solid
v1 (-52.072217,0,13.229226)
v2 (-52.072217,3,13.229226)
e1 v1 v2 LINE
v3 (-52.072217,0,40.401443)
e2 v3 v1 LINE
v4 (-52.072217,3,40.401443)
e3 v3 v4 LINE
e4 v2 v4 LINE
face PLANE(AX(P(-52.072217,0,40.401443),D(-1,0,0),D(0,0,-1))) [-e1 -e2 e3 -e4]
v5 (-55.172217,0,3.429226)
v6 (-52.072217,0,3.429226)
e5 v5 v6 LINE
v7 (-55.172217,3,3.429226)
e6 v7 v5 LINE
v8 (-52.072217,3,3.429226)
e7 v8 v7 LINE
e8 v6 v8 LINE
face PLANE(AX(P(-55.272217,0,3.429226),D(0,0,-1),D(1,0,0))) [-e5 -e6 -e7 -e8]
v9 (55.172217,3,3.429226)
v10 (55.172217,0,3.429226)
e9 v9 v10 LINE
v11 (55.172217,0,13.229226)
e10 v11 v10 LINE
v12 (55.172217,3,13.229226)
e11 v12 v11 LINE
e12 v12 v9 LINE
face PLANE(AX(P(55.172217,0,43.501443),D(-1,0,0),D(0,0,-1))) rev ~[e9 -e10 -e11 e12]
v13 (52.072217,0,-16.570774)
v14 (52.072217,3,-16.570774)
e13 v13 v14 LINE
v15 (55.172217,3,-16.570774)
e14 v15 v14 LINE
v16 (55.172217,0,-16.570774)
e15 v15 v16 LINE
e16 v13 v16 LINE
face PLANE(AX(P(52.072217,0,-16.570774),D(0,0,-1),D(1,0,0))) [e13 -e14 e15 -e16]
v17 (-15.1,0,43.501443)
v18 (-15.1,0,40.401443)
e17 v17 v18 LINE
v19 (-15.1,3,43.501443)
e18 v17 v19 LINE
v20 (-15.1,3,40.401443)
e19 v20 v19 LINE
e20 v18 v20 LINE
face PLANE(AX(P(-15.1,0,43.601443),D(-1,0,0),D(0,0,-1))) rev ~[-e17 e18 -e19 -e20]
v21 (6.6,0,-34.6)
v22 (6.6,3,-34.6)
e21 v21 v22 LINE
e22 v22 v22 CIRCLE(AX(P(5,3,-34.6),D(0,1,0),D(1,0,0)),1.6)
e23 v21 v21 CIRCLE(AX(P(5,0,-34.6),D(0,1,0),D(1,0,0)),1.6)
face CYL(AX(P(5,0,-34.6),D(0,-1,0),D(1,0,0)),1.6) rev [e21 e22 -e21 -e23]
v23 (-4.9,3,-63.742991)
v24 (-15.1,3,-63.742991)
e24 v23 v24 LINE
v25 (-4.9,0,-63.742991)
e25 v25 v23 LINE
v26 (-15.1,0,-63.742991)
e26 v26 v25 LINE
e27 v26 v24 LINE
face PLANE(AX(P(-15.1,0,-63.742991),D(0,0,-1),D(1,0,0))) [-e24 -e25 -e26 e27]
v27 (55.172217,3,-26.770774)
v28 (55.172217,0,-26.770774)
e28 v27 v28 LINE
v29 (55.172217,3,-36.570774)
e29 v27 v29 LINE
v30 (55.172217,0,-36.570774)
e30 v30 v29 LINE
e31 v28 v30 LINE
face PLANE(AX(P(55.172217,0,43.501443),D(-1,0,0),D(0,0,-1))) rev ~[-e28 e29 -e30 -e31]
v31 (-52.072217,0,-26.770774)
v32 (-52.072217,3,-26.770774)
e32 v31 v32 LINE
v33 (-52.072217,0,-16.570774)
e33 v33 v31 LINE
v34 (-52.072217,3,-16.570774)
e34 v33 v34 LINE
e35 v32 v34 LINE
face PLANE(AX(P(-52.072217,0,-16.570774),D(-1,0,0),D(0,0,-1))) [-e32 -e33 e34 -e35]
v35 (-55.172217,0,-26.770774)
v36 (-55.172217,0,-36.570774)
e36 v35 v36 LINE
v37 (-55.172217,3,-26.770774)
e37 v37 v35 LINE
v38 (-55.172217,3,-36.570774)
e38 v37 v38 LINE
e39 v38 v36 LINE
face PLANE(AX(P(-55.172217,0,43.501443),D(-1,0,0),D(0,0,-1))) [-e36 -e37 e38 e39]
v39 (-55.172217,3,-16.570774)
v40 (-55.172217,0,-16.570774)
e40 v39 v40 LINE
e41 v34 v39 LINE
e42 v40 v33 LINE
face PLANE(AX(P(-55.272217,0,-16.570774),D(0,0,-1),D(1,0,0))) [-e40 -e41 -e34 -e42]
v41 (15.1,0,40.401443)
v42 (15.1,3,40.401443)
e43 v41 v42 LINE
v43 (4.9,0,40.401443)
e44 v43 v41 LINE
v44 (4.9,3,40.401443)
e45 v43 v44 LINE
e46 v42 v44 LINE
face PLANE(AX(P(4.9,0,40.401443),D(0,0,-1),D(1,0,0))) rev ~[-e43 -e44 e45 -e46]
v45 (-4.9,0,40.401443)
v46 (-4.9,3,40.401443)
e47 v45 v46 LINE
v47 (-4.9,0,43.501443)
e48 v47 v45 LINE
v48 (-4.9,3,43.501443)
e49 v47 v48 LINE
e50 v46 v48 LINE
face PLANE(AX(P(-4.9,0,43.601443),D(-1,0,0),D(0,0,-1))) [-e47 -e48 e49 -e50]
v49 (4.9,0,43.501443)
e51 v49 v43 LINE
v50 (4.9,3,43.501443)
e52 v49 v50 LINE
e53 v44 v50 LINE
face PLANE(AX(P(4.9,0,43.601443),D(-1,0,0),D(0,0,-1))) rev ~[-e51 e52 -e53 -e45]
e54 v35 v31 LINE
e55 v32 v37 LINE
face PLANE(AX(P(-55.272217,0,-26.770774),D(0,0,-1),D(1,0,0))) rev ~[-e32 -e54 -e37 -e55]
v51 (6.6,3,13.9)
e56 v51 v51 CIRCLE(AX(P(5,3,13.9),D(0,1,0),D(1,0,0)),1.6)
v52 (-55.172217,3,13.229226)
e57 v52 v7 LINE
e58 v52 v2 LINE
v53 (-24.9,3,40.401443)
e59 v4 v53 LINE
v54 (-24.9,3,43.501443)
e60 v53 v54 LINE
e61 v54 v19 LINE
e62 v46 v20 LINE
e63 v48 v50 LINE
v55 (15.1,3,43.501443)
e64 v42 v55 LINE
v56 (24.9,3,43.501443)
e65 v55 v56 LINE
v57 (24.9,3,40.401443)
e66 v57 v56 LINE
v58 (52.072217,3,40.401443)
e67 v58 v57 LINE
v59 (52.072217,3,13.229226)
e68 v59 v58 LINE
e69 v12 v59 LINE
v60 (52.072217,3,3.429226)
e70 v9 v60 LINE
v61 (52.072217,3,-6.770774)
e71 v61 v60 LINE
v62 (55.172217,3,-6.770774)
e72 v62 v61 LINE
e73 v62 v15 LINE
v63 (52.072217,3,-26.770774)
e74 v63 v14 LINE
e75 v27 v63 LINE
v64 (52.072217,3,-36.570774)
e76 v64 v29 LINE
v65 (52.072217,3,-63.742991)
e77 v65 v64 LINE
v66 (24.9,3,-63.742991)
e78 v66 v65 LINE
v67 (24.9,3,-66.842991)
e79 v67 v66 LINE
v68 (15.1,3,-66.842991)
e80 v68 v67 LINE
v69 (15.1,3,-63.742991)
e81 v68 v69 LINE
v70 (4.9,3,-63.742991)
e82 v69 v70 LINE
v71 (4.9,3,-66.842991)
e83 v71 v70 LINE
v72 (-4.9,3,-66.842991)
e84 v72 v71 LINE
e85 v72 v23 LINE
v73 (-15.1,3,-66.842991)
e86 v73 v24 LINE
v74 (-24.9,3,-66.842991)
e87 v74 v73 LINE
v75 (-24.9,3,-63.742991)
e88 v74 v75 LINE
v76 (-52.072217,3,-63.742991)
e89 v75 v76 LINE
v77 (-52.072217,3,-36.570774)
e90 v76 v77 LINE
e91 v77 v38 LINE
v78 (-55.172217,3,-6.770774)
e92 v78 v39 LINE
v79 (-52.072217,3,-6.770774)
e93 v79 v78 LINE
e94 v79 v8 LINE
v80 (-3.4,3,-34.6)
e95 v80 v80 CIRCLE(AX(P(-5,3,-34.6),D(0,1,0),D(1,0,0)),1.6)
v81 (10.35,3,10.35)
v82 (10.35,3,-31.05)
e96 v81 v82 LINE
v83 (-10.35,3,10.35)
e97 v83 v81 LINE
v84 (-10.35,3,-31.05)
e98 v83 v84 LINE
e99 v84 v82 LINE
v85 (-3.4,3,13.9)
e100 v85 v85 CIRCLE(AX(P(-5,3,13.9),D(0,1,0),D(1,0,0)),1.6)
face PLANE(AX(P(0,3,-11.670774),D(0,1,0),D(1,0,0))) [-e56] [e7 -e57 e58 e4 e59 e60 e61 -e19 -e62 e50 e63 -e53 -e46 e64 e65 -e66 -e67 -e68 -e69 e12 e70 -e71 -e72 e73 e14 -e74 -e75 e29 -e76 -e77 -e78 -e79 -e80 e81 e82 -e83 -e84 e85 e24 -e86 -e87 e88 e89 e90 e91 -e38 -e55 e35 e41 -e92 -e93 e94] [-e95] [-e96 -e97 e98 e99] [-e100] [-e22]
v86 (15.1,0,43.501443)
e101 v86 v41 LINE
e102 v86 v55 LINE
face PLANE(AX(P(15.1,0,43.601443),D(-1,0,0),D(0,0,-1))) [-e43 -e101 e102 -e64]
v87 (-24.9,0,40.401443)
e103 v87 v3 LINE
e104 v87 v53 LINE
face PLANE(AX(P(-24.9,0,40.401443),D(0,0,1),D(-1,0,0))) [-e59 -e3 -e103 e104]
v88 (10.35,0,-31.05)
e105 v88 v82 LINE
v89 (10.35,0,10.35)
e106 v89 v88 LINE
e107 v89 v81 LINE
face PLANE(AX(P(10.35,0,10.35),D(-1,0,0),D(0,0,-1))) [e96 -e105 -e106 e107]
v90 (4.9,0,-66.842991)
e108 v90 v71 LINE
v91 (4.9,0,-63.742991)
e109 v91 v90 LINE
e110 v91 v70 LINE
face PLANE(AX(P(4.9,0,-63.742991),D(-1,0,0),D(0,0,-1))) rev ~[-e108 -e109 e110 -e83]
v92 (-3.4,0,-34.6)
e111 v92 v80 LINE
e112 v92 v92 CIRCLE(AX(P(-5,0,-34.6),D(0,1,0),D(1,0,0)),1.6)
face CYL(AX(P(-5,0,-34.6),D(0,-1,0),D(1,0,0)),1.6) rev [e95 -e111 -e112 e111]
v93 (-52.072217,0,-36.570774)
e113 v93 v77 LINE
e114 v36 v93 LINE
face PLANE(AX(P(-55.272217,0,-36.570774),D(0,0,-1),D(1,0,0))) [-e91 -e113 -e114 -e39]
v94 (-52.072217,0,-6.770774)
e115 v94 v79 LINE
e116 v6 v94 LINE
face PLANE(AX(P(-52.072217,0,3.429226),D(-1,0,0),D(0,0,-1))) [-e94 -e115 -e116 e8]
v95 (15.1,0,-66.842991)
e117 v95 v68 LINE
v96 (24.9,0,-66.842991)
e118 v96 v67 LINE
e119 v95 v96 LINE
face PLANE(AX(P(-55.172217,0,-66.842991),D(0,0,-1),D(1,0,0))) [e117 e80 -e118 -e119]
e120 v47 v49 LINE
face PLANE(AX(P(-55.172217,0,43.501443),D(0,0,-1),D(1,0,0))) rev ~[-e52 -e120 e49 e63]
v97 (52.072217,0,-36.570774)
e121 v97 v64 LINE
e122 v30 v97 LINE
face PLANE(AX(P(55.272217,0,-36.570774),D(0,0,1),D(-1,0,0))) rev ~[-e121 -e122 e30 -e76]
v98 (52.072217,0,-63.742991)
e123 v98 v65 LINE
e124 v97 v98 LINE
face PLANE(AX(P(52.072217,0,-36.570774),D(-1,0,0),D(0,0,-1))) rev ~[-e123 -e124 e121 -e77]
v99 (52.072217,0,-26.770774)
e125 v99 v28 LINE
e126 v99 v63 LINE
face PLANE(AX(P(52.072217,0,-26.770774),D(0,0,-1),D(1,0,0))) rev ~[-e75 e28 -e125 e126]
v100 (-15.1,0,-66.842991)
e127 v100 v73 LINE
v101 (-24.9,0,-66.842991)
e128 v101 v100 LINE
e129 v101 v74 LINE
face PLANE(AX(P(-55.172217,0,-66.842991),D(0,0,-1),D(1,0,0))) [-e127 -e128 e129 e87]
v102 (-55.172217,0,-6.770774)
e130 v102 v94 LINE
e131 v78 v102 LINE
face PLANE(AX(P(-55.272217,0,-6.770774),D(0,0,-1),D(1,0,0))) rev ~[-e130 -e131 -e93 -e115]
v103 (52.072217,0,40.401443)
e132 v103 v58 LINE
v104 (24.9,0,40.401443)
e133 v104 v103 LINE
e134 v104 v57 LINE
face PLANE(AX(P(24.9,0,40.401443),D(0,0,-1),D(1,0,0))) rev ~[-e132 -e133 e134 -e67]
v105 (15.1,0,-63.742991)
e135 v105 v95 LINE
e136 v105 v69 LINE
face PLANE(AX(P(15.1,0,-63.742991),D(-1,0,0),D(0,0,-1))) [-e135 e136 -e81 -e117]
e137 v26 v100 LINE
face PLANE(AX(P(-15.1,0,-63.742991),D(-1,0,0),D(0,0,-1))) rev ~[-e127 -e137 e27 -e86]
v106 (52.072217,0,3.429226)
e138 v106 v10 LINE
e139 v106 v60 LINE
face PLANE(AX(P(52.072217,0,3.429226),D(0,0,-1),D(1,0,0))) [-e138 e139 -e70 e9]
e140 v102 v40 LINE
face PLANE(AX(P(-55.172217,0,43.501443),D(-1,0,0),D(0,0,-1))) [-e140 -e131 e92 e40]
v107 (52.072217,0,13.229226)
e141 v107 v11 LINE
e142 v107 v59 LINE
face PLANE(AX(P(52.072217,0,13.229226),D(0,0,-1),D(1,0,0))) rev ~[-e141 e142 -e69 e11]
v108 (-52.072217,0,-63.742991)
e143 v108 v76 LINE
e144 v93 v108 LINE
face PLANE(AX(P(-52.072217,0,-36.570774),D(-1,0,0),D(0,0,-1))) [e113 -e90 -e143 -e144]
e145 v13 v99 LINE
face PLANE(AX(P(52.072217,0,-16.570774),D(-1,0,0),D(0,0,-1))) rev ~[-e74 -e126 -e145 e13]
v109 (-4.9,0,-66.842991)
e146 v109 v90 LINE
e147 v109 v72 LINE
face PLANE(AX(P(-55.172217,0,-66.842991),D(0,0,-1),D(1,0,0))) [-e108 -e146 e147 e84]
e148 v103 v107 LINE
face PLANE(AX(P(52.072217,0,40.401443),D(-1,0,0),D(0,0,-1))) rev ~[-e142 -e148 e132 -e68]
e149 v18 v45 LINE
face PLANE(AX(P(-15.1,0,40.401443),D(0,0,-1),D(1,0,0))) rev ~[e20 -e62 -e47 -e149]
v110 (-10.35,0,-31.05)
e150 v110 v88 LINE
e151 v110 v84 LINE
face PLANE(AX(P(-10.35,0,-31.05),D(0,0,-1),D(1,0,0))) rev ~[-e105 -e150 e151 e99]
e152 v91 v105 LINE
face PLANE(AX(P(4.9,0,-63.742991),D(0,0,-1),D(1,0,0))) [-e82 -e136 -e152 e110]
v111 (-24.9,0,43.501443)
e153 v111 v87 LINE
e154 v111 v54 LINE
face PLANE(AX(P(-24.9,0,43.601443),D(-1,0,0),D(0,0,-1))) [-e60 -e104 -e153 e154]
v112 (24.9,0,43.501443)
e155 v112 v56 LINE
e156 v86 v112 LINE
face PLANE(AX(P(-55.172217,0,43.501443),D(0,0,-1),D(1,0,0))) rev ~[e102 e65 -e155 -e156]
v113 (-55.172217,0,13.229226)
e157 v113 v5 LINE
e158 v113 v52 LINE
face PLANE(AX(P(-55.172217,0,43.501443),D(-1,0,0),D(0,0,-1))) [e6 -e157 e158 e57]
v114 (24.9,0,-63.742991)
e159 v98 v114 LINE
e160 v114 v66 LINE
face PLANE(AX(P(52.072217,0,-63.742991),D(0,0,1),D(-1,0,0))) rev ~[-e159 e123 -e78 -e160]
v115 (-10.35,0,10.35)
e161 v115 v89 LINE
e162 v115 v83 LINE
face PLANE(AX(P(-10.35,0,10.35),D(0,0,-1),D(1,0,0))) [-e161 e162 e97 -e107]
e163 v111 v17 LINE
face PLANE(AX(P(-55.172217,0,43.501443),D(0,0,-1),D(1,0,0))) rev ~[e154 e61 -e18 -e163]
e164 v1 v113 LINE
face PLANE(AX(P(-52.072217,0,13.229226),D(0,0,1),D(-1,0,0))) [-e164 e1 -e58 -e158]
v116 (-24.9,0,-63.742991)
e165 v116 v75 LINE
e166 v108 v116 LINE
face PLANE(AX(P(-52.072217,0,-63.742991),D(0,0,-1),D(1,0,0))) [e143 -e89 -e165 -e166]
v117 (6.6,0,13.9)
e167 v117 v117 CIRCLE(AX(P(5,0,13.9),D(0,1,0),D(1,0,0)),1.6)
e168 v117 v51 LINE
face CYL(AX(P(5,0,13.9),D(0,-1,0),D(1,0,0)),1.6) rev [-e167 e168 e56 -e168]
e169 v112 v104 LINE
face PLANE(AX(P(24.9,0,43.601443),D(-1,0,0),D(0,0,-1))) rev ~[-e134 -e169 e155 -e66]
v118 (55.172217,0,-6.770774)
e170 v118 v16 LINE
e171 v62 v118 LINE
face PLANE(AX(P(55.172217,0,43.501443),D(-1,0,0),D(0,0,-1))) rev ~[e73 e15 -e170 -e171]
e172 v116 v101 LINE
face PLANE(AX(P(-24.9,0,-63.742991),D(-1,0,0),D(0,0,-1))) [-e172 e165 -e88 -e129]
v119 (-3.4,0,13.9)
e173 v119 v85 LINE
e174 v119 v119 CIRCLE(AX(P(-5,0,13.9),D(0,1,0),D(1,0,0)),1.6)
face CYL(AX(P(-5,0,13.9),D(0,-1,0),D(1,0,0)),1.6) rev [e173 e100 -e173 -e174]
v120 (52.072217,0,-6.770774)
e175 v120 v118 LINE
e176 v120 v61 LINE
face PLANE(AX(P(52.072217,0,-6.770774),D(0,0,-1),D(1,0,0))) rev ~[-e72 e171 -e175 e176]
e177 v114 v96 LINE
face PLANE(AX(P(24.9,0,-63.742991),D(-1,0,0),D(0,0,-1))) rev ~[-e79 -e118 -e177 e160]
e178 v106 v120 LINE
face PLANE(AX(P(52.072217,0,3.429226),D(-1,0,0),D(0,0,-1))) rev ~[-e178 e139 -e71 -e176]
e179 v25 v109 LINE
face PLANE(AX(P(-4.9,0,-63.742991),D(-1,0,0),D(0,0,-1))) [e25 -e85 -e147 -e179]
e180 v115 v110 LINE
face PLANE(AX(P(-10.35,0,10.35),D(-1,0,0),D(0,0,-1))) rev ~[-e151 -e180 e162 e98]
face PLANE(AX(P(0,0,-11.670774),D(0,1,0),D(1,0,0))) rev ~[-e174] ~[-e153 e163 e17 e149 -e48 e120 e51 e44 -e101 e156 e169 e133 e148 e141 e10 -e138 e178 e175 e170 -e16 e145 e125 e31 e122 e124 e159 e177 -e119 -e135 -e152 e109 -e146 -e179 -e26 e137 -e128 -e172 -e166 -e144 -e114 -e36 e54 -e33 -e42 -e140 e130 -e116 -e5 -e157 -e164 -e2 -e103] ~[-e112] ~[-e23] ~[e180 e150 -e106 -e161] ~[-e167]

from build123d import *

# Parameters (mm, degrees)
SKETCH1_W           = 110.344434204
SKETCH1_H           = 110.344434204
SKETCH1_R           = 1.6
SKETCH1_W_2         = 20.7
SKETCH1_H_2         = 41.4
BOSS_EXTRUDE1_DEPTH = 3
SKETCH3_W           = 10.2
SKETCH3_H           = 3.2
SKETCH3_W_2         = 3.2
SKETCH3_H_2         = 10.2
CUT_EXTRUDE1_DEPTH  = 4


with BuildPart() as part:
    # Sketch1 → Boss-Extrude1 (new body)
    with BuildSketch(Plane(origin=(0, 0, 0), x_dir=(1, 0, 0), z_dir=(0, 1, 0))):
        with Locations((0, 11.670773756)):
            Rectangle(SKETCH1_W, SKETCH1_H)
        with Locations((-5, 34.6)):
            Circle(SKETCH1_R, mode=Mode.SUBTRACT)
        with Locations((5, 34.6)):
            Circle(SKETCH1_R, mode=Mode.SUBTRACT)
        with Locations((5, -13.9)):
            Circle(SKETCH1_R, mode=Mode.SUBTRACT)
        with Locations((-5, -13.9)):
            Circle(SKETCH1_R, mode=Mode.SUBTRACT)
        with Locations((0, 10.35)):
            Rectangle(SKETCH1_W_2, SKETCH1_H_2, mode=Mode.SUBTRACT)
    extrude(amount=BOSS_EXTRUDE1_DEPTH)

    # Sketch3 → Cut-Extrude1 (cut, through all)
    with BuildSketch(Plane(origin=(0, 0, 0), x_dir=(1, 0, 0), z_dir=(0, 1, 0))):
        with Locations((10, 65.342990858)):
            Rectangle(SKETCH3_W, SKETCH3_H)
        Polygon((24.9, 66.942990858), (55.272217102, 66.942990858), (55.272217102, 36.570773756), (52.072217102, 36.570773756), (52.072217102, 63.742990858), (24.9, 63.742990858), align=None)
        with Locations((53.672217102, 21.670773756)):
            Rectangle(SKETCH3_W_2, SKETCH3_H_2)
        Polygon((24.9, -40.401443346), (52.072217102, -40.401443346), (52.072217102, -13.229226244), (55.272217102, -13.229226244), (55.272217102, -43.601443346), (24.9, -43.601443346), align=None)
        with Locations((53.672217102, 1.670773756)):
            Rectangle(SKETCH3_W_2, SKETCH3_H_2)
        Polygon((-52.072217102, -13.229226244), (-55.272217102, -13.229226244), (-55.272217102, -43.601443346), (-24.9, -43.601443346), (-24.9, -40.401443346), (-52.072217102, -40.401443346), align=None)
        with Locations((-53.672217102, 21.670773756)):
            Rectangle(SKETCH3_W_2, SKETCH3_H_2)
        with Locations((-10, 65.342990858)):
            Rectangle(SKETCH3_W, SKETCH3_H)
        Polygon((-55.272217102, 36.570773756), (-52.072217102, 36.570773756), (-52.072217102, 63.742990858), (-24.9, 63.742990858), (-24.9, 66.942990858), (-55.272217102, 66.942990858), align=None)
        with Locations((-53.672217102, 1.670773756)):
            Rectangle(SKETCH3_W_2, SKETCH3_H_2)
        with Locations((-10, -42.001443346)):
            Rectangle(SKETCH3_W, SKETCH3_H)
        with Locations((10, -42.001443346)):
            Rectangle(SKETCH3_W, SKETCH3_H)
    extrude(amount=CUT_EXTRUDE1_DEPTH, mode=Mode.SUBTRACT)


solid = part.part
